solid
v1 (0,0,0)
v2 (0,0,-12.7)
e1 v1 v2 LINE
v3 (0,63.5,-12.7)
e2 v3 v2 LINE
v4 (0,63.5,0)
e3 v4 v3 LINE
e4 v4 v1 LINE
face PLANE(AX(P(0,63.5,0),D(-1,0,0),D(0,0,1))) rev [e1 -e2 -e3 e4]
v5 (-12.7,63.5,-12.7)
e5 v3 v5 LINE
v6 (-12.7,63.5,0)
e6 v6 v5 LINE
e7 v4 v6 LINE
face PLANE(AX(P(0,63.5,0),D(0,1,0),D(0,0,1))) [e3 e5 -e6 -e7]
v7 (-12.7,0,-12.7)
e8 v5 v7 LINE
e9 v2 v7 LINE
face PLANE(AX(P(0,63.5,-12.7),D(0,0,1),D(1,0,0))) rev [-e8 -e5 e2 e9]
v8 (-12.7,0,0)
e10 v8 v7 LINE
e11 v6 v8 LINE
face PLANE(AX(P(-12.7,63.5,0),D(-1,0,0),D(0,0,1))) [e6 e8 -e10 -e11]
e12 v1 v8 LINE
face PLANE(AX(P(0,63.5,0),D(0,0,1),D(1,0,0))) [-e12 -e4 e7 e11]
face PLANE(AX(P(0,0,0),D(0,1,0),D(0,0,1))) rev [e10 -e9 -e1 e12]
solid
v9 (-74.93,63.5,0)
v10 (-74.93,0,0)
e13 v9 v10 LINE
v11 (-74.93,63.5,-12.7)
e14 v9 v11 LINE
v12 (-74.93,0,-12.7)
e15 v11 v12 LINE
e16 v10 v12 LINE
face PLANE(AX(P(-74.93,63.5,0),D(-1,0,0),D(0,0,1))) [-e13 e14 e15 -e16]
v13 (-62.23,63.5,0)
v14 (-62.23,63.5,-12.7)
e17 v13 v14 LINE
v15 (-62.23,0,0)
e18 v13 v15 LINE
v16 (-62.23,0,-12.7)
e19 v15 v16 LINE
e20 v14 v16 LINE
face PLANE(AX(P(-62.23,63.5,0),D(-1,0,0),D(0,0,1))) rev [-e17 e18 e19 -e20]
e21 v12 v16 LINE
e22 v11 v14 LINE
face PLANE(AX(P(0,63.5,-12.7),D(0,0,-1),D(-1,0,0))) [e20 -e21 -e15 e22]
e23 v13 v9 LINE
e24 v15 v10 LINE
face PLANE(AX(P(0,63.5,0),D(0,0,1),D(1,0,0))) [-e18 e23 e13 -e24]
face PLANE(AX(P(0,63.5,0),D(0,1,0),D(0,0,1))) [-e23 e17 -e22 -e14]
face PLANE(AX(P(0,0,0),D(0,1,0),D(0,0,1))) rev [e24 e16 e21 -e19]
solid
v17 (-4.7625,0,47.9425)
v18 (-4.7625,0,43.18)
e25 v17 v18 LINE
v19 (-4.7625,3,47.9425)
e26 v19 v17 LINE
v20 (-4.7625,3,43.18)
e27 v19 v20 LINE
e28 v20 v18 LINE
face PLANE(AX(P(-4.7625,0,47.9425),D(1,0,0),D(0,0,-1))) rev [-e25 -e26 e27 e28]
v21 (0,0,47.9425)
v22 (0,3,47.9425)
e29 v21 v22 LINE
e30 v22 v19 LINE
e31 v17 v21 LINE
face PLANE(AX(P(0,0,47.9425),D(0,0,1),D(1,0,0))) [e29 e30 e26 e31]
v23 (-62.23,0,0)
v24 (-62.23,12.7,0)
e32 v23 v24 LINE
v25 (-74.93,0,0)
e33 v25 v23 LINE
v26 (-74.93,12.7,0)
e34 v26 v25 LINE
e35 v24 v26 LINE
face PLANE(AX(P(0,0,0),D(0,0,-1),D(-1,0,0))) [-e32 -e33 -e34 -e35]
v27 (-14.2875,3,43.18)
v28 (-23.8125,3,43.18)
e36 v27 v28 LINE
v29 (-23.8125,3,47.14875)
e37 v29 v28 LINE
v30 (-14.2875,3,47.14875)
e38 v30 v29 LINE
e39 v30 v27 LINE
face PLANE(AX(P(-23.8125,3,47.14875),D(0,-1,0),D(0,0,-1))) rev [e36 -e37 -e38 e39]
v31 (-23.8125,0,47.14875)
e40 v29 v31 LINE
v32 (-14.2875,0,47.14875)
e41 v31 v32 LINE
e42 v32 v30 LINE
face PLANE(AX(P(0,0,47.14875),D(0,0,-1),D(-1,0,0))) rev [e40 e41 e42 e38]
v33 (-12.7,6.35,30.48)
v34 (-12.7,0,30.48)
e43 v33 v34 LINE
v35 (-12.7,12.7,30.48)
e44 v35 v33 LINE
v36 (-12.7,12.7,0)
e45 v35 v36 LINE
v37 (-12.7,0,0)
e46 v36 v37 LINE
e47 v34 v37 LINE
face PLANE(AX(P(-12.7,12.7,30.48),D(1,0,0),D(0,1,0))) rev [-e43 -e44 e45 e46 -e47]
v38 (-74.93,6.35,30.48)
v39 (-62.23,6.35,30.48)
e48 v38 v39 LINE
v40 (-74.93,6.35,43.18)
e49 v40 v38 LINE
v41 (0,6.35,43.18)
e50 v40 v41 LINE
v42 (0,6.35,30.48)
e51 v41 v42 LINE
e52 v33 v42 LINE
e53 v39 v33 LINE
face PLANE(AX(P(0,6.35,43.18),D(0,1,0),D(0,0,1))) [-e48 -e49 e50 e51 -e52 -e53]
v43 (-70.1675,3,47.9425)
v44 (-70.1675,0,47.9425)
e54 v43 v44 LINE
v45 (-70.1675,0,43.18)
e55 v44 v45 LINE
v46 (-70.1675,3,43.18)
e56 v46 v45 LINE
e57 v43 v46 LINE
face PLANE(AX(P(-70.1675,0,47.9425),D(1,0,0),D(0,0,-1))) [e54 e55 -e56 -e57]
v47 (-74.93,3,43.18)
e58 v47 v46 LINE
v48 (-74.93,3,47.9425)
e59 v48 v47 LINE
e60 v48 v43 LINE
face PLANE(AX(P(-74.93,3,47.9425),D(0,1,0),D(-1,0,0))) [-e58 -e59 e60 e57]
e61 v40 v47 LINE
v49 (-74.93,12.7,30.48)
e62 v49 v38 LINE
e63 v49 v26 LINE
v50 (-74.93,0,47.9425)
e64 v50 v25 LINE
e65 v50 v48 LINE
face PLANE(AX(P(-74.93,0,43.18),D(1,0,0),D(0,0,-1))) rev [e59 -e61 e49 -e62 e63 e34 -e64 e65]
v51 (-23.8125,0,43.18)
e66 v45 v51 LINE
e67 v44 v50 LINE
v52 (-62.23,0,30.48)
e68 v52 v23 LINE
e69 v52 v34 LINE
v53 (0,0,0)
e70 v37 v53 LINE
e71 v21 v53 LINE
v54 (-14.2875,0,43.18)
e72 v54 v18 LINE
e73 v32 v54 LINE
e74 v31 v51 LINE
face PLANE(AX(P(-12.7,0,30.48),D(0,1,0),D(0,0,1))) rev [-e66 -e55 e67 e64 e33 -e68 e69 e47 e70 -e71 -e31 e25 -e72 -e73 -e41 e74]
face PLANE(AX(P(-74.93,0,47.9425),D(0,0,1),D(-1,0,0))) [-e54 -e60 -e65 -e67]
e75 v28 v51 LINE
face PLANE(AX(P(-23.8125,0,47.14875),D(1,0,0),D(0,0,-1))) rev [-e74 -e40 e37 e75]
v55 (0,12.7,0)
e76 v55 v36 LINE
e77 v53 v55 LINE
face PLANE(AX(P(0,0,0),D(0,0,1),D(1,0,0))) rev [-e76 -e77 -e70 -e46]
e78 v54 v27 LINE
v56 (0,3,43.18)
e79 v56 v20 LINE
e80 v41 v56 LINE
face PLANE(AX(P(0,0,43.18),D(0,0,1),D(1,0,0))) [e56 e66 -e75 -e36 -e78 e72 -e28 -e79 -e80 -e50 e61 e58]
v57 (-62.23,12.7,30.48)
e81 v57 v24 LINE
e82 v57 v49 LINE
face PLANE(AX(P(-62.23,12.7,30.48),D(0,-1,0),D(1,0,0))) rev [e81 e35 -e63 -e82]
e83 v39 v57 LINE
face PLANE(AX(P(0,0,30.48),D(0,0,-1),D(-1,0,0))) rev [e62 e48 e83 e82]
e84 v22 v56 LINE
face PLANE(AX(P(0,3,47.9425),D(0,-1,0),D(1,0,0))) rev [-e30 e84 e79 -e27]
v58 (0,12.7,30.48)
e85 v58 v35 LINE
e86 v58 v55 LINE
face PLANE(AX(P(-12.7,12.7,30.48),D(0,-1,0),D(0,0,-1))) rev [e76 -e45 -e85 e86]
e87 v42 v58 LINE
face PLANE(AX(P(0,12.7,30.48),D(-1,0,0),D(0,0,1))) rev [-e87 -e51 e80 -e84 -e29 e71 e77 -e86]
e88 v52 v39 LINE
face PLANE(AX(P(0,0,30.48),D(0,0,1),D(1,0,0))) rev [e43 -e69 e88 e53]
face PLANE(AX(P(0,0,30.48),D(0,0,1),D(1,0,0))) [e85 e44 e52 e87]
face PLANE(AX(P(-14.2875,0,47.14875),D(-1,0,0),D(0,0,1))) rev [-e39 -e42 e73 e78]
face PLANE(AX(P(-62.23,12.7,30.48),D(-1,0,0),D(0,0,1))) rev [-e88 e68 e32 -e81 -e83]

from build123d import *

# Parameters (mm, degrees)
SKETCH1_W             = 12.7
SKETCH1_H             = 12.7
BOSS_EXTRUDE1_DEPTH   = 63.5
BOSS_EXTRUDE1_2_DEPTH = 63.5
SKETCH5_W             = 12.7
SKETCH5_H             = 12.7
BOSS_EXTRUDE5_DEPTH   = 30.48
BOSS_EXTRUDE5_2_DEPTH = 30.48
SKETCH6_W             = 74.93
SKETCH6_H             = 6.35
BOSS_EXTRUDE6_DEPTH   = 12.7
SKETCH4_W             = 9.525
SKETCH4_H             = 3
BOSS_EXTRUDE4_DEPTH   = 3.96875
SKETCH3_W             = 4.7625
SKETCH3_H             = 3
BOSS_EXTRUDE7_DEPTH   = 4.7625


with BuildPart() as part:
    # Sketch1 → Boss-Extrude1 (new body)
    with BuildSketch(Plane(origin=(0, 0, 0), x_dir=(1, 0, 0), z_dir=(0, 1, 0))):
        with Locations((-68.58, 6.35)):
            Rectangle(SKETCH1_W, SKETCH1_H)
    extrude(amount=BOSS_EXTRUDE1_DEPTH)


with BuildPart() as body_2:
    # Sketch1 → Boss-Extrude1 2 (new body)
    with BuildSketch(Plane(origin=(0, 0, 0), x_dir=(1, 0, 0), z_dir=(0, 1, 0))):
        with Locations((-6.35, 6.35)):
            Rectangle(SKETCH1_W, SKETCH1_H)
    extrude(amount=BOSS_EXTRUDE1_2_DEPTH)


with BuildPart() as body_3:
    # Sketch5 → Boss-Extrude5 (new body)
    with BuildSketch(Plane.XY):
        with Locations((-68.58, 6.35)):
            Rectangle(SKETCH5_W, SKETCH5_H)
    extrude(amount=BOSS_EXTRUDE5_DEPTH)



with BuildPart() as body_4:
    # Sketch5 → Boss-Extrude5 2 (new body)
    with BuildSketch(Plane.XY):
        with Locations((-6.35, 6.35)):
            Rectangle(SKETCH5_W, SKETCH5_H)
    extrude(amount=BOSS_EXTRUDE5_2_DEPTH)


with BuildPart() as body_3_1:
    add(body_3.part)

    add(body_4.part)  # Boss-Extrude6 merges body 4
    # Sketch6 → Boss-Extrude6 (add)
    with BuildSketch(Plane.XY.offset(30.48)):
        with Locations((-37.465, 3.175)):
            Rectangle(SKETCH6_W, SKETCH6_H)
    extrude(amount=BOSS_EXTRUDE6_DEPTH)

    # Sketch4 → Boss-Extrude4 (add)
    with BuildSketch(Plane.XY.offset(43.18)):
        with Locations((-19.05, 1.5)):
            Rectangle(SKETCH4_W, SKETCH4_H)
    extrude(amount=BOSS_EXTRUDE4_DEPTH)

    # Sketch3 → Boss-Extrude7 (add)
    with BuildSketch(Plane.XY.offset(43.18)):
        with Locations((-2.38125, 1.5)):
            Rectangle(SKETCH3_W, SKETCH3_H)
    boss_extrude7 = extrude(amount=BOSS_EXTRUDE7_DEPTH)

    # Mirror2: Boss-Extrude7 across plane
    add(boss_extrude7.mirror(Plane(origin=(-37.465, 0, 0), x_dir=(0, 0, 1), z_dir=(1, 0, 0))))


solid = Compound([part.part, body_2.part, body_3_1.part])
